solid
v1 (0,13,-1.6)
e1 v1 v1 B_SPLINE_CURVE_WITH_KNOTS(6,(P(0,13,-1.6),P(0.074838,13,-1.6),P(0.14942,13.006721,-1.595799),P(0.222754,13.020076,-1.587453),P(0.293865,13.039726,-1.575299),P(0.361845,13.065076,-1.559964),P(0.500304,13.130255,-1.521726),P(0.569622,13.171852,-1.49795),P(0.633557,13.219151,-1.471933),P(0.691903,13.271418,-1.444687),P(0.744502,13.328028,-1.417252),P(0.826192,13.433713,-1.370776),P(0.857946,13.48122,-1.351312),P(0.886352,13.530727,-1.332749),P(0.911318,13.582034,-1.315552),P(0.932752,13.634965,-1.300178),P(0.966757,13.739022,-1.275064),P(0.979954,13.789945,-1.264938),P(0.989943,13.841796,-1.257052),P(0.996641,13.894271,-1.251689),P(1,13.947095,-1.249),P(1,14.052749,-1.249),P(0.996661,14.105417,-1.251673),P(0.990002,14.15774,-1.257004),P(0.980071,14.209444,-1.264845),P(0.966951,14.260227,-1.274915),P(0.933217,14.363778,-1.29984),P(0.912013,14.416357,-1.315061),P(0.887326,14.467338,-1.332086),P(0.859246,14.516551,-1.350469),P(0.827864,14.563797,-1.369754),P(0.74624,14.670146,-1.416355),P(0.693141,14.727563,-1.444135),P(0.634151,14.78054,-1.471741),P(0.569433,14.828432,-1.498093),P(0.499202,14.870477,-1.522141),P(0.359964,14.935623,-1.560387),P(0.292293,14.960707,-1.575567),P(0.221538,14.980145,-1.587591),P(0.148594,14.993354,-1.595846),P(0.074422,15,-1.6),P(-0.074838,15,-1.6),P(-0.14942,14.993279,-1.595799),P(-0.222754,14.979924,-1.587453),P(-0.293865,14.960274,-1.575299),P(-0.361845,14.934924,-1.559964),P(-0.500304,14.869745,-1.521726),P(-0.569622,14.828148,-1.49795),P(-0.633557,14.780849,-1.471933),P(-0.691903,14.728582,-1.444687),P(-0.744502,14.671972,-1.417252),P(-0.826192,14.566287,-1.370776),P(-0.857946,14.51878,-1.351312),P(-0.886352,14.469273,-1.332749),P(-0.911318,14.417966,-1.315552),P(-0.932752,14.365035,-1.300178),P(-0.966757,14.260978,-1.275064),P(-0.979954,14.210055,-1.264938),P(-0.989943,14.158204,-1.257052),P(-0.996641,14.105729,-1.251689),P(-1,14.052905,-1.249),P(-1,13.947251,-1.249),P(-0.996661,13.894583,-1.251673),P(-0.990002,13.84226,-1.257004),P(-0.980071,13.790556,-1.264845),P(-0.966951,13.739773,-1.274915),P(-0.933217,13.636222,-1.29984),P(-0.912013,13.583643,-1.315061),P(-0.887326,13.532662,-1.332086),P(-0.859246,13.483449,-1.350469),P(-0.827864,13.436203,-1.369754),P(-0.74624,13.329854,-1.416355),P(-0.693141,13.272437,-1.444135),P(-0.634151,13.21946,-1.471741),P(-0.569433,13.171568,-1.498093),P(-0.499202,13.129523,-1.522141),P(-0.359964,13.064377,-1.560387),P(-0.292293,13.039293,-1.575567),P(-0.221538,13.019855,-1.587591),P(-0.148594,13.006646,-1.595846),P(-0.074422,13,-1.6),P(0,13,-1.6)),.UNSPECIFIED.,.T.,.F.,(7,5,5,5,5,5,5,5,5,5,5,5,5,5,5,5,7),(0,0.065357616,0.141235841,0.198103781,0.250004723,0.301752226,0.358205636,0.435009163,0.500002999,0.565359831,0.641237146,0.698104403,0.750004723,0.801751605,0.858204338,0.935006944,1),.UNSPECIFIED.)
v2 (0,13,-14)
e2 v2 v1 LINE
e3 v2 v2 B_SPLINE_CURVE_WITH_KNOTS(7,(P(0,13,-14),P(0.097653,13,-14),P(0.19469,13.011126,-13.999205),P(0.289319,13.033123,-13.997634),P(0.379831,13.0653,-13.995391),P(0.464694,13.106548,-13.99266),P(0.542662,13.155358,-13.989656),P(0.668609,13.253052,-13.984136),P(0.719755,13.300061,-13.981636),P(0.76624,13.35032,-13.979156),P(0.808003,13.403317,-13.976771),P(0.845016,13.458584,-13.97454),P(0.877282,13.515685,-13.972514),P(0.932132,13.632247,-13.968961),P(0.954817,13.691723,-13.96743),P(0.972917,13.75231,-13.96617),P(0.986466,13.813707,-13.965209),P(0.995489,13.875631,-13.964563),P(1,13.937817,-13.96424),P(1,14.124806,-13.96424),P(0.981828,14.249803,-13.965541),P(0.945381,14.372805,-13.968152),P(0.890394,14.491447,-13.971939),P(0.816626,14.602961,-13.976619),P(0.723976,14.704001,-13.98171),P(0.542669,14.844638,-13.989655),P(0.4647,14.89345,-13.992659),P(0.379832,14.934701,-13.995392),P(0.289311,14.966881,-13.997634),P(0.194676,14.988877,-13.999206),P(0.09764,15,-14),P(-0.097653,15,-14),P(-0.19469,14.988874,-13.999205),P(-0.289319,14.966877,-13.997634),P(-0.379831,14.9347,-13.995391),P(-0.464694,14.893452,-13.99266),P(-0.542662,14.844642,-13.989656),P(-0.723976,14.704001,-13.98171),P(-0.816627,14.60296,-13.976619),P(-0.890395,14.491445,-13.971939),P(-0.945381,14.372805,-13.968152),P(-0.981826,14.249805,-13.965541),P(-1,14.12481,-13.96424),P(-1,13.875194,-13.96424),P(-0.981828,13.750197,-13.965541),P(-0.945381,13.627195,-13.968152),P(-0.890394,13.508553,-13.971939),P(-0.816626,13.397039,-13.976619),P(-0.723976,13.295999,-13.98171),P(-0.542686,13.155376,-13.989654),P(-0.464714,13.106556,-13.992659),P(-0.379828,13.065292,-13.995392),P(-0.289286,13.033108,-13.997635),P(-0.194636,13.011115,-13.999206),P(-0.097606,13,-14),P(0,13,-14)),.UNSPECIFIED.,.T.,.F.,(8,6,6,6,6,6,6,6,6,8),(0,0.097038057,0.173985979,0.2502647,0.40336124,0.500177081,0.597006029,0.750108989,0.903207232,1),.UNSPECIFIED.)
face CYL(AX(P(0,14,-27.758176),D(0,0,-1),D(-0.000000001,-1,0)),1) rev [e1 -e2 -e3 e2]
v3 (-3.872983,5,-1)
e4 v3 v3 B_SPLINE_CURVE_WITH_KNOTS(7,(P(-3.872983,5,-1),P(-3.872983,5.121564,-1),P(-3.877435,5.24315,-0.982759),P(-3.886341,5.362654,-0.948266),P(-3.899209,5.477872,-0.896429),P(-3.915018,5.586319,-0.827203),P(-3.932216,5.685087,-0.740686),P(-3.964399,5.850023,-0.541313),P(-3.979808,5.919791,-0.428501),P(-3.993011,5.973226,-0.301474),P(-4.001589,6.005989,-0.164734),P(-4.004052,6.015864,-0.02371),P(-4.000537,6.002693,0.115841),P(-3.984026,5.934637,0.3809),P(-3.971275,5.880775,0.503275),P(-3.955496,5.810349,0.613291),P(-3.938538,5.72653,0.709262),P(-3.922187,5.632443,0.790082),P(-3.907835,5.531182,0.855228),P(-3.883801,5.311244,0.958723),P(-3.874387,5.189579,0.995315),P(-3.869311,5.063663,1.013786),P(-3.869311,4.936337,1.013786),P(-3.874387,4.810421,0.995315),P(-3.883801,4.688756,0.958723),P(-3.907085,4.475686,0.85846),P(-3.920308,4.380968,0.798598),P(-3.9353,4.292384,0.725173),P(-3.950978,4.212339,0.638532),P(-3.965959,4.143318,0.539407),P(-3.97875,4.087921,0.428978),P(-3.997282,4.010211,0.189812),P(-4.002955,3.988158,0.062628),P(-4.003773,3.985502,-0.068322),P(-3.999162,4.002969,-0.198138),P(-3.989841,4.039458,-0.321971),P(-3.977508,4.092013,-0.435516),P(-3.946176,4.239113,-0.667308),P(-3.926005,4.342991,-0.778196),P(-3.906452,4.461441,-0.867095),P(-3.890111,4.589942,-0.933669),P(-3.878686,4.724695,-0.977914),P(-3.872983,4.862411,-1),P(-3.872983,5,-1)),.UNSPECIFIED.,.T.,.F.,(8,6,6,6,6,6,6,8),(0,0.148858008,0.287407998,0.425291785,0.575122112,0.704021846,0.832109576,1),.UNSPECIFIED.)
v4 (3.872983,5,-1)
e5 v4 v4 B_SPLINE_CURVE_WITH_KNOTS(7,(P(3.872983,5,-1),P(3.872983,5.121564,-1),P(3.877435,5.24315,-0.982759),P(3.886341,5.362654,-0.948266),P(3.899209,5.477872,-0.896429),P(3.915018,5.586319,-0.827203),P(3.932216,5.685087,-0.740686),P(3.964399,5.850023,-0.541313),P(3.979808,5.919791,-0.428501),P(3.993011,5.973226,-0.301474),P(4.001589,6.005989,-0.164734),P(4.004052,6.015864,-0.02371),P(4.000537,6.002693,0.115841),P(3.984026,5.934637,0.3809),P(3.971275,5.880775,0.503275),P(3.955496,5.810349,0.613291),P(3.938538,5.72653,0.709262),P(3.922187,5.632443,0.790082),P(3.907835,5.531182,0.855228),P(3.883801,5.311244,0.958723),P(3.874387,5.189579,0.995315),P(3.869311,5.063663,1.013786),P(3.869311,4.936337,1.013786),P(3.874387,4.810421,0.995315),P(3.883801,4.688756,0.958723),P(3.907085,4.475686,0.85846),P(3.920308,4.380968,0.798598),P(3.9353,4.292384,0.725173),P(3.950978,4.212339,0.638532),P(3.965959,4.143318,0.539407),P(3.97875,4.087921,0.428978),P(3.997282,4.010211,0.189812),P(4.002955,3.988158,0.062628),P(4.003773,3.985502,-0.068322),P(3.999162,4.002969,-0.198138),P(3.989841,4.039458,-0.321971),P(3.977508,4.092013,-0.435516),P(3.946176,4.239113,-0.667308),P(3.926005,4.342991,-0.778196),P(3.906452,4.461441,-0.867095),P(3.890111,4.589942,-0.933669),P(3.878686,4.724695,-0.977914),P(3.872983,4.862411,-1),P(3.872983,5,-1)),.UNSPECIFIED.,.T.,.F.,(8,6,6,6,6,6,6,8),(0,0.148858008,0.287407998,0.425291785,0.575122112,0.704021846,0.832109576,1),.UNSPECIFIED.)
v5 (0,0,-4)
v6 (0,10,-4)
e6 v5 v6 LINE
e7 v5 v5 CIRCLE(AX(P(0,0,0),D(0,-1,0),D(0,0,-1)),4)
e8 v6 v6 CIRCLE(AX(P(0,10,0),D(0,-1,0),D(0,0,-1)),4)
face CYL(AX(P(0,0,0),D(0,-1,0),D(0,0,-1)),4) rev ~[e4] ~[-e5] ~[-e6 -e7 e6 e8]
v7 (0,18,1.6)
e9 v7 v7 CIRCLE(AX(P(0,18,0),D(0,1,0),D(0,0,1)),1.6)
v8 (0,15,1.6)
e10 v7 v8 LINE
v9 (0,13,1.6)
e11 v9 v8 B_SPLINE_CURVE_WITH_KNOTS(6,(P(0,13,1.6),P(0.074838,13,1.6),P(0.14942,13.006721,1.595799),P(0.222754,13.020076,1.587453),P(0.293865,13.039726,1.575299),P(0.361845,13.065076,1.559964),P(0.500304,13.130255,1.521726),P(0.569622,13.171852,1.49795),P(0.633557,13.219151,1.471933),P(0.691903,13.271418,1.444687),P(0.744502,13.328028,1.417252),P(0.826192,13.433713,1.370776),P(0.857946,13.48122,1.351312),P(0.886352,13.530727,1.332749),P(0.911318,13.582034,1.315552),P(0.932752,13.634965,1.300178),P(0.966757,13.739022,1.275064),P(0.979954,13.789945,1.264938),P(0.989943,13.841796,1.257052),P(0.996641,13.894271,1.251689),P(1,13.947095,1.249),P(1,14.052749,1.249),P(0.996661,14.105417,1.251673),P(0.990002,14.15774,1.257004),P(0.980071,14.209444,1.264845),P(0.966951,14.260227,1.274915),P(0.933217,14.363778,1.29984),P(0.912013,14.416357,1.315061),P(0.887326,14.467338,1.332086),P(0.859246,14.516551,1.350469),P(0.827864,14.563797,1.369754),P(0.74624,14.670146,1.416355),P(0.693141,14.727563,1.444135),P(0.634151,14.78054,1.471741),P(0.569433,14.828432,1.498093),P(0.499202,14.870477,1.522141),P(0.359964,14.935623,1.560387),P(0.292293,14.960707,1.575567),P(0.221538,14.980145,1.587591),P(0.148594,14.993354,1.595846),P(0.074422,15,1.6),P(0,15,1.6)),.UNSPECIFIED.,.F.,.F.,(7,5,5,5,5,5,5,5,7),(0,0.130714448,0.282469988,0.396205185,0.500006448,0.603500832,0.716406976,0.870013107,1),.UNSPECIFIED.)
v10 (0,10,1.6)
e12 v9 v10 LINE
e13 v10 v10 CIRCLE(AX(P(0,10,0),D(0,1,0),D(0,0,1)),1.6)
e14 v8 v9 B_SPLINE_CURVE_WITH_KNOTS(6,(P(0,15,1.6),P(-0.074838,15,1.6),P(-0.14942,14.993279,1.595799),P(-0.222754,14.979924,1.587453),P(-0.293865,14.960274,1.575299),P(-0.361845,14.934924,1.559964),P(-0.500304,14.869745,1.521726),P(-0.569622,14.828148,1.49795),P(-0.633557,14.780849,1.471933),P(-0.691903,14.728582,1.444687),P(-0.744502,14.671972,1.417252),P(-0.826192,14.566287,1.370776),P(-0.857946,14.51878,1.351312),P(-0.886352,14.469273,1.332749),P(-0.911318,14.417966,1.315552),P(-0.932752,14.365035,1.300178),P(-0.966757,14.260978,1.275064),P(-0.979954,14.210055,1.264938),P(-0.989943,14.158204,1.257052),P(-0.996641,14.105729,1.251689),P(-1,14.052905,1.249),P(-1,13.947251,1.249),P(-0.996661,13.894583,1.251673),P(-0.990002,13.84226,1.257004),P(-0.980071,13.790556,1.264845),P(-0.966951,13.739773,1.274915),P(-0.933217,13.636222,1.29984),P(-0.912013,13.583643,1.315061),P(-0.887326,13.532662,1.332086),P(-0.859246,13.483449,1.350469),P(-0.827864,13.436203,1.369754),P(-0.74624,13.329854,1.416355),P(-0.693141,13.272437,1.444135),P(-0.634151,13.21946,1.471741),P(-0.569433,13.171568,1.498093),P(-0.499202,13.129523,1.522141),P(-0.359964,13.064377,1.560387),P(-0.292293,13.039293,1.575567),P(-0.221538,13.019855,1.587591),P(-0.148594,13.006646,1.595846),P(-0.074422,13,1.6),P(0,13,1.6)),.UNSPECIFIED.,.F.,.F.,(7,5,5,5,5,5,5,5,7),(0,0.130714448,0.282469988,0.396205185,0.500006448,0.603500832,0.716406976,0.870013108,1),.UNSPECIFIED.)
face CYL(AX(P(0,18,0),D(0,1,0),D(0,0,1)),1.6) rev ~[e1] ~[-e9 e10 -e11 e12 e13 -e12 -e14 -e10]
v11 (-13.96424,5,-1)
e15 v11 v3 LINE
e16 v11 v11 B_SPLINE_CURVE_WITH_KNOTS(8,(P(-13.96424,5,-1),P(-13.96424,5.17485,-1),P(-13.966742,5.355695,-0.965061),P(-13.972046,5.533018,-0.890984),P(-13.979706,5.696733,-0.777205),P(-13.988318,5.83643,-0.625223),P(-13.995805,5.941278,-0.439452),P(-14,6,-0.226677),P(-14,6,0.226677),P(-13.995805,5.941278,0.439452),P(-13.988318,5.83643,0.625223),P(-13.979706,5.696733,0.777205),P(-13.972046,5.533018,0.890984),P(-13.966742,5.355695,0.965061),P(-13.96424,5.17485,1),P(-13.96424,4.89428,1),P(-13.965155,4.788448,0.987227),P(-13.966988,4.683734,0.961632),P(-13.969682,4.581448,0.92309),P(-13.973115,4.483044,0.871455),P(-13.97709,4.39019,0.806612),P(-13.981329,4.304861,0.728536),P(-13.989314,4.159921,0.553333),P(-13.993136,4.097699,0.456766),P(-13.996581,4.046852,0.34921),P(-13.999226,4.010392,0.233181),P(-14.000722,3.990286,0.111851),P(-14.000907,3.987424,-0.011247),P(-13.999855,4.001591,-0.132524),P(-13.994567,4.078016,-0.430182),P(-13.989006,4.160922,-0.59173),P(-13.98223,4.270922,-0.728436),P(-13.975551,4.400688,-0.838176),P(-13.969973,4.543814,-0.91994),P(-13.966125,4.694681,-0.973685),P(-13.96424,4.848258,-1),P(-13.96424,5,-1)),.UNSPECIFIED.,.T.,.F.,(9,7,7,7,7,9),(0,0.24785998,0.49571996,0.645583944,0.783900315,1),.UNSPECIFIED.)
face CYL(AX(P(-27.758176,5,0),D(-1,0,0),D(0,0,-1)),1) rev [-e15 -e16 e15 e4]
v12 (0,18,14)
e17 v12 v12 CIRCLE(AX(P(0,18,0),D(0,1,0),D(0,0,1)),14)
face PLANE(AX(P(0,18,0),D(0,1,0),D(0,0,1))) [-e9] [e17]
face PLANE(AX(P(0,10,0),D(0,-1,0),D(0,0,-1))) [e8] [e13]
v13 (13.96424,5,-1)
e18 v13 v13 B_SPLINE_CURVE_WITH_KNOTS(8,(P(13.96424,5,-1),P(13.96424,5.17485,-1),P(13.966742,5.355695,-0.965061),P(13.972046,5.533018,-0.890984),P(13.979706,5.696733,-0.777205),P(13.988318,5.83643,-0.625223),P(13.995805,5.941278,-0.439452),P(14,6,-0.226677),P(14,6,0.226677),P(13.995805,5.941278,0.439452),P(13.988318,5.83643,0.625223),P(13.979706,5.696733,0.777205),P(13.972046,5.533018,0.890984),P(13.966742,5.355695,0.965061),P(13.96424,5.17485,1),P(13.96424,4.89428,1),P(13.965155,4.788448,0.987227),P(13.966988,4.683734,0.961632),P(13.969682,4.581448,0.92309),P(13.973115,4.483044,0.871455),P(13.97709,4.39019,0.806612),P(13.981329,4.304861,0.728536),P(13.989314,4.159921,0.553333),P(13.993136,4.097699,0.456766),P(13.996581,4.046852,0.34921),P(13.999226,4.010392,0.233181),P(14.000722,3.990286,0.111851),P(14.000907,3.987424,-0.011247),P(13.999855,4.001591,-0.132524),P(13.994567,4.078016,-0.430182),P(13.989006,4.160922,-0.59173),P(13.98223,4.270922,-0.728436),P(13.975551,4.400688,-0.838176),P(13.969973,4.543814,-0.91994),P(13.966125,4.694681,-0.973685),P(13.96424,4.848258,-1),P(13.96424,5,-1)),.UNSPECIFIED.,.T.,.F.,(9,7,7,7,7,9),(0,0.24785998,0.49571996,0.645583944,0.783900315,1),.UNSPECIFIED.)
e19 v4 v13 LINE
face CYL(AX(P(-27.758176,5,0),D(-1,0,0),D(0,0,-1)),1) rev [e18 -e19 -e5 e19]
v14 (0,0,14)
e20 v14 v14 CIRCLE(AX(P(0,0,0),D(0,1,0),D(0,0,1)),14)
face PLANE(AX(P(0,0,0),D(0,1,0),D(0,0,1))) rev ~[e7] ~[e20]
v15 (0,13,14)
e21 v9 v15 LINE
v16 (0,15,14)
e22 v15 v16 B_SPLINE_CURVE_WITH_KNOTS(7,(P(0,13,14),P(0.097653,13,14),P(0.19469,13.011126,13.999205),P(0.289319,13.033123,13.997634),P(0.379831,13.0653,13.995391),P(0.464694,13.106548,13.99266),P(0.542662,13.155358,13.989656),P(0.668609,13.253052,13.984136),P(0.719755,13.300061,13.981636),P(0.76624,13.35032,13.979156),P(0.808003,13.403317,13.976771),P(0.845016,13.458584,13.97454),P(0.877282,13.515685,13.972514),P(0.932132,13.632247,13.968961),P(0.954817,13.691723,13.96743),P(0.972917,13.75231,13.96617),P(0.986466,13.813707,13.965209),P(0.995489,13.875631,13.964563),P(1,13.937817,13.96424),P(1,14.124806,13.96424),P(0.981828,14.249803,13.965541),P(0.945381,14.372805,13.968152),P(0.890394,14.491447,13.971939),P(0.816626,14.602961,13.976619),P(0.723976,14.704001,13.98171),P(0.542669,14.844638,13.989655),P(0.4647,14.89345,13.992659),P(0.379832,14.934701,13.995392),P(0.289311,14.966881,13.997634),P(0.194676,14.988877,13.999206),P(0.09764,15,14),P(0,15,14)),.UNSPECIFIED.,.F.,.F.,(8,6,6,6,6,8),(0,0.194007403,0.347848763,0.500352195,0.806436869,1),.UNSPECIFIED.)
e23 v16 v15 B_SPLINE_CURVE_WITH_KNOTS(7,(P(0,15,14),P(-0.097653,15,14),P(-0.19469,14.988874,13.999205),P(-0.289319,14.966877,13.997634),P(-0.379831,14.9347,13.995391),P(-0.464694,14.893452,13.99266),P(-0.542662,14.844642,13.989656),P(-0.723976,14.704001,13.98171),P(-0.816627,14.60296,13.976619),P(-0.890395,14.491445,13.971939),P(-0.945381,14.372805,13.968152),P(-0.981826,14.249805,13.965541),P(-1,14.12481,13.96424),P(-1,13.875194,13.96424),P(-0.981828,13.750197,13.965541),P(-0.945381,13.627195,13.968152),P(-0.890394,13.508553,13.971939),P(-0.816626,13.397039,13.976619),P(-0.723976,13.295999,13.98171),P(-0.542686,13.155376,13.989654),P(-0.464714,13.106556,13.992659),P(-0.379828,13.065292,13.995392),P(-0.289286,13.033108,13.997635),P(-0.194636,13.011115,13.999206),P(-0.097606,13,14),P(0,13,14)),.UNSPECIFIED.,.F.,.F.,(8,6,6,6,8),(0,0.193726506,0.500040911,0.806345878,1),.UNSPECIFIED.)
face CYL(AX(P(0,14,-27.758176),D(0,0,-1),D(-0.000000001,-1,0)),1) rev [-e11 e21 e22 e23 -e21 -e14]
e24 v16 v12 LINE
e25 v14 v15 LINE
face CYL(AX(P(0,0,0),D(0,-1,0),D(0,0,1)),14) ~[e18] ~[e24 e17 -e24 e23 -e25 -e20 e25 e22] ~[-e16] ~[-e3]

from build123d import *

# Parameters (mm, degrees)
SKETCH1_R               = 14
BOSS_EXTRUDE1_DEPTH     = 18
SKETCH2_R               = 1.6
CUT_EXTRUDE1_DEPTH      = 18
SKETCH3_R               = 4
CUT_EXTRUDE2_DEPTH      = 10
CUT_EXTRUDE3_DEPTH      = 27.758176321
CUT_EXTRUDE3_DEPTH_BACK = 27.758176321
SKETCH4_R               = 1
CUT_EXTRUDE4_DEPTH      = 27.758176497
CUT_EXTRUDE4_DEPTH_BACK = 27.758176497
SKETCH5_R               = 1


with BuildPart() as part:
    # Sketch1 → Boss-Extrude1 (new body)
    with BuildSketch(Plane(origin=(0, 0, 0), x_dir=(1, 0, 0), z_dir=(0, 1, 0))):
        with Locations(Location((0, 0, 0), (0, 0, 270))):
            Circle(SKETCH1_R)
    extrude(amount=BOSS_EXTRUDE1_DEPTH)

    # Sketch2 → Cut-Extrude1 (cut)
    with BuildSketch(Plane(origin=(0, 18, 0), x_dir=(1, 0, 0), z_dir=(0, 1, 0))):
        with Locations(Location((0, 0, 0), (0, 0, 270))):
            Circle(SKETCH2_R)
    extrude(amount=-CUT_EXTRUDE1_DEPTH, mode=Mode.SUBTRACT)

    # Sketch3 → Cut-Extrude2 (cut)
    with BuildSketch(Plane.XZ):
        with Locations(Location((0, 0, 0), (0, 0, 270))):
            Circle(SKETCH3_R)
    extrude(amount=-CUT_EXTRUDE2_DEPTH, mode=Mode.SUBTRACT)

    # Sketch4 → Cut-Extrude3 (cut, two sides: drawn at the far end of the back side and taken through both)
    with BuildSketch(Plane(origin=(0, 0, 0), x_dir=(0, 0, -1), z_dir=(1, 0, 0)).offset(-CUT_EXTRUDE3_DEPTH_BACK)):
        with Locations((0, 5)):
            Circle(SKETCH4_R)
    extrude(amount=CUT_EXTRUDE3_DEPTH + CUT_EXTRUDE3_DEPTH_BACK, mode=Mode.SUBTRACT)

    # Sketch5 → Cut-Extrude4 (cut, two sides: drawn at the far end of the back side and taken through both)
    with BuildSketch(Plane.XY.offset(-CUT_EXTRUDE4_DEPTH_BACK)):
        with Locations(Location((0, 14, 0), (0, 0, 269.999999966))):
            Circle(SKETCH5_R)
    extrude(amount=CUT_EXTRUDE4_DEPTH + CUT_EXTRUDE4_DEPTH_BACK, mode=Mode.SUBTRACT)


solid = part.part
